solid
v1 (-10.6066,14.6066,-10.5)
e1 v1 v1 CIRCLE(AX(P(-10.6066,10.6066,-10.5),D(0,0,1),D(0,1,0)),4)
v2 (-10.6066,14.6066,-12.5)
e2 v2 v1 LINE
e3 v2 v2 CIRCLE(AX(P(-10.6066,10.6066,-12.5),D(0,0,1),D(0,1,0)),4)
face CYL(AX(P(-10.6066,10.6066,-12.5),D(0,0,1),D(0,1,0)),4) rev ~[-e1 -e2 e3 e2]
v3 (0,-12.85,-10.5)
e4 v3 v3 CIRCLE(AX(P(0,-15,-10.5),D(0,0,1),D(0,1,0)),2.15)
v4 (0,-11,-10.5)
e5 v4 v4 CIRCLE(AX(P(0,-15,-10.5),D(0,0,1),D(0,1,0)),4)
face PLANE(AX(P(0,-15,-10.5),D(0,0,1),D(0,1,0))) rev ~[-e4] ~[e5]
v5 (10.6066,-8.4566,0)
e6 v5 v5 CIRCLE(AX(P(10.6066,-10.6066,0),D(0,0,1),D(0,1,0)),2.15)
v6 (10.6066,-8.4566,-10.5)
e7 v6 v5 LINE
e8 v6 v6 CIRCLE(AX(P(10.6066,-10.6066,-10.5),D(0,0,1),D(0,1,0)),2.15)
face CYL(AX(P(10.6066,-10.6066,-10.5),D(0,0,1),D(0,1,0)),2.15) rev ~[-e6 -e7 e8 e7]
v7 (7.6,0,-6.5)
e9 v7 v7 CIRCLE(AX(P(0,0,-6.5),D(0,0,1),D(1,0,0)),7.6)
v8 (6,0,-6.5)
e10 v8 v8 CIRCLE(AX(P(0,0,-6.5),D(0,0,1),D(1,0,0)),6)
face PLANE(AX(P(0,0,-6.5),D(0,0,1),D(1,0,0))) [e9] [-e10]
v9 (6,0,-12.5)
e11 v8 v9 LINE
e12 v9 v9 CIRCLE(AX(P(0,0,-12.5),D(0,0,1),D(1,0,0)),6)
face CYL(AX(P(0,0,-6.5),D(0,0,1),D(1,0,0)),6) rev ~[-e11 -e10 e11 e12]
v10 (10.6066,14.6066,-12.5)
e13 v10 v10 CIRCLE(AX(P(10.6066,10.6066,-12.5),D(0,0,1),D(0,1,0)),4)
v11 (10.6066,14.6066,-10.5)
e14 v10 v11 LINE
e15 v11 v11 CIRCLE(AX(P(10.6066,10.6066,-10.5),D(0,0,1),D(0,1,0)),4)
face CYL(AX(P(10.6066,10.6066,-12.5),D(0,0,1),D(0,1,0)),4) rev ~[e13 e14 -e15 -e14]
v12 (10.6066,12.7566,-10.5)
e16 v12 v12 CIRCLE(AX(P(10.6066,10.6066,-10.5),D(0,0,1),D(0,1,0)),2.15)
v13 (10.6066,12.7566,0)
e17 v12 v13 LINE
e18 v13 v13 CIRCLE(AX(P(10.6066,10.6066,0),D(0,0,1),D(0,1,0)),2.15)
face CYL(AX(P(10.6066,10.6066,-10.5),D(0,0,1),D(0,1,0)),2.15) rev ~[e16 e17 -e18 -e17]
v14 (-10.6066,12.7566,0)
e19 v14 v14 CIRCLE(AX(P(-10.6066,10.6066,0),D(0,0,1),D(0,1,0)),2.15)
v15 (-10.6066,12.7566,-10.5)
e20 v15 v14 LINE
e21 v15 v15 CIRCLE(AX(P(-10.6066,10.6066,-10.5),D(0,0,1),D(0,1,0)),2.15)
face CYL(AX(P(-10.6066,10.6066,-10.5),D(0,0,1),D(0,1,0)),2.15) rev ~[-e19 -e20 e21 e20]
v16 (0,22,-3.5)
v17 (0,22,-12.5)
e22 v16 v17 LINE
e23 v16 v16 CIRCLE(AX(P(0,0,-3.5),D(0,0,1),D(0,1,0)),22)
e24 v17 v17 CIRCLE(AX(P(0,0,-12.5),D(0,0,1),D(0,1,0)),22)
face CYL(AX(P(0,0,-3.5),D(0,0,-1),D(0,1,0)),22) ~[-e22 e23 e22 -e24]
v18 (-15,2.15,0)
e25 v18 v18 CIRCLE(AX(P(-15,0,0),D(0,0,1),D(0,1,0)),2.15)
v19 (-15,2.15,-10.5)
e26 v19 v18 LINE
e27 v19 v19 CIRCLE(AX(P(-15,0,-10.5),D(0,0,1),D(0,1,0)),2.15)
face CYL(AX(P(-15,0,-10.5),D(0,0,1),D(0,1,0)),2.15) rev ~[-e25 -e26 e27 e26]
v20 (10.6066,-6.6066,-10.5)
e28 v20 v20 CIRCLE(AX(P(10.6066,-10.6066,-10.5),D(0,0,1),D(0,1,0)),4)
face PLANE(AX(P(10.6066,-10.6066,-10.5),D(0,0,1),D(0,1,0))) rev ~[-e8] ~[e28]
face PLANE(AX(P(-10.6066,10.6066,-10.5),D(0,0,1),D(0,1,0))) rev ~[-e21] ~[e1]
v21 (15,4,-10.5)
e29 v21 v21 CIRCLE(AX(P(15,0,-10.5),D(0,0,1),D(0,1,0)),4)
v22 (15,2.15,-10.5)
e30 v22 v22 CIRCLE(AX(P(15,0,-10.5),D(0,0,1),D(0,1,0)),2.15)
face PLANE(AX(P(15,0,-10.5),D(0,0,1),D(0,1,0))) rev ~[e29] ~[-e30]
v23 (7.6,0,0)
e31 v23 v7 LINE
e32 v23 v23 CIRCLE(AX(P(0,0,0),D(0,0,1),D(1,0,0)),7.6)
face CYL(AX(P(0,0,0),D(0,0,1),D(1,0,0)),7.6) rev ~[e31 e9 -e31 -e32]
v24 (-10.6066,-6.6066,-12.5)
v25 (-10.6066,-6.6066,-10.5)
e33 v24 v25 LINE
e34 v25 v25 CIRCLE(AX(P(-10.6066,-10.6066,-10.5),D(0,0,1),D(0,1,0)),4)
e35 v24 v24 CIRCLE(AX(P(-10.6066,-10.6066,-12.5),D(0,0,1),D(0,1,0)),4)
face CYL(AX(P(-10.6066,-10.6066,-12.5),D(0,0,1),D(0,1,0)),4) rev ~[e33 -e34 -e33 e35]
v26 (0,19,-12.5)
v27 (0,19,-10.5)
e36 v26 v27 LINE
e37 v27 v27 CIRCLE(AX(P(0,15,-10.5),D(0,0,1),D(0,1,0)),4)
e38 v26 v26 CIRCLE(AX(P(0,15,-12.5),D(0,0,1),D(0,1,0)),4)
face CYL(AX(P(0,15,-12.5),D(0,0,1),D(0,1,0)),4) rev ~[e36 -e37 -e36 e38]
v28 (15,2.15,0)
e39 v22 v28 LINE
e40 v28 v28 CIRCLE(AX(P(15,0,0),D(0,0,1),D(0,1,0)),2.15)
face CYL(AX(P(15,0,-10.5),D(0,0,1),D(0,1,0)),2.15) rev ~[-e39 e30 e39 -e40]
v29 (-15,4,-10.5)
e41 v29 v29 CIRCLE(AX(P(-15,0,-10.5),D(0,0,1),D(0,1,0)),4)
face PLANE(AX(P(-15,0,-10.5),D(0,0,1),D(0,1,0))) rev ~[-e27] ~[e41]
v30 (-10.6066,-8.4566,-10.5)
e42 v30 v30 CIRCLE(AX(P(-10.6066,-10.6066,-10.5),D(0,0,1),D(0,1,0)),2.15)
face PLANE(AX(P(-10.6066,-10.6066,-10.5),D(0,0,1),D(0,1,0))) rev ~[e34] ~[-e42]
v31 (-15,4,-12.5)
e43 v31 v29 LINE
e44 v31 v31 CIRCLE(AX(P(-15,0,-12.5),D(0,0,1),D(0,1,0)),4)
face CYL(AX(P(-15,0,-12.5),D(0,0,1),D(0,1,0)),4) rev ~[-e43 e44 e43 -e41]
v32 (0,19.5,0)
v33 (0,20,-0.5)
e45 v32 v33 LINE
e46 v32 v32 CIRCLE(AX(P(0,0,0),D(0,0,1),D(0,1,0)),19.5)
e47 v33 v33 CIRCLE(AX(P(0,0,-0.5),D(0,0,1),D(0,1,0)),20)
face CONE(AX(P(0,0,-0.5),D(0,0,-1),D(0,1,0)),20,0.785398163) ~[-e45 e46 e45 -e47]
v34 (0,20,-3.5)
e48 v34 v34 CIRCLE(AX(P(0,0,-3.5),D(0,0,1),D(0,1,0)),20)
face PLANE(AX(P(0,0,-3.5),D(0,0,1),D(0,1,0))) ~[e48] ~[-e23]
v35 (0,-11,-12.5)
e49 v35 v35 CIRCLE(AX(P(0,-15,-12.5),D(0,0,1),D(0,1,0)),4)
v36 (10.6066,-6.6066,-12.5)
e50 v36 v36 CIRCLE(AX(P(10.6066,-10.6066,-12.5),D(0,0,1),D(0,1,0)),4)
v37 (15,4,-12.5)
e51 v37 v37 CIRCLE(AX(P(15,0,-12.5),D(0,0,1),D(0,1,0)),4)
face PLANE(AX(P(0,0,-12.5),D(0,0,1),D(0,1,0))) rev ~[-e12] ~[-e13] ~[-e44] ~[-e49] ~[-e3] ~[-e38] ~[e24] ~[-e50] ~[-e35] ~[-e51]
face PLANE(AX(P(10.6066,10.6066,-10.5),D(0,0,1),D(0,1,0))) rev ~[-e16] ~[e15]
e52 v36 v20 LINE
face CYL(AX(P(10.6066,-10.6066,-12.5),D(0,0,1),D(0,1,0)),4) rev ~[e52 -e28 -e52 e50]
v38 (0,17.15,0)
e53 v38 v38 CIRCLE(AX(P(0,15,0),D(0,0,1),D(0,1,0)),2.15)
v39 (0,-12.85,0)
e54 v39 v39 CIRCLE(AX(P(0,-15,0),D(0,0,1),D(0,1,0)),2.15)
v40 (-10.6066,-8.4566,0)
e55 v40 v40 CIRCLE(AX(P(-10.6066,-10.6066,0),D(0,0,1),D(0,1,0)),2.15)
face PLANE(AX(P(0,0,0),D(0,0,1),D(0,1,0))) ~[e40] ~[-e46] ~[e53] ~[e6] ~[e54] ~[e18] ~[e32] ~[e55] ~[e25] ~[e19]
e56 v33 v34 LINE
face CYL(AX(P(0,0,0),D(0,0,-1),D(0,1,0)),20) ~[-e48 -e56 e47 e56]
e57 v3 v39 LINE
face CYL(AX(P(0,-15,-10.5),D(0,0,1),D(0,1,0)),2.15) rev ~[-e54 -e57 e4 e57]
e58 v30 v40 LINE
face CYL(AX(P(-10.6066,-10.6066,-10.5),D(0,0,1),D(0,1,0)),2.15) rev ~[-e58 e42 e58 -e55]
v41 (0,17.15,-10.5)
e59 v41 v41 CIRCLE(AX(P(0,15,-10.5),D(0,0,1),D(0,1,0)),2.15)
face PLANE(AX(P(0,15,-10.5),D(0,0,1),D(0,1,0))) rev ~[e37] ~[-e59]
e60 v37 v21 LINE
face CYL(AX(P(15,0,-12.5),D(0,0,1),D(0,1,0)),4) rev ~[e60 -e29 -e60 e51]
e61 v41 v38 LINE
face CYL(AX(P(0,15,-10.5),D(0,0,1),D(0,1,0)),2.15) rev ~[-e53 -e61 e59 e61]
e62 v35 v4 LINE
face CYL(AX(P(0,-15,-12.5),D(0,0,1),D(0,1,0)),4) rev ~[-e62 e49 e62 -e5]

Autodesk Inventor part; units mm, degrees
ref_plane "YZ Plane" through (0, 0, 0) normal (1, 0, 0) x (0, 1, 0)
ref_plane "XZ Plane" through (0, 0, 0) normal (0, 1, 0) x (-1, 0, 0)
ref_plane "XY Plane" through (0, 0, 0) normal (0, 0, 1) x (1, 0, 0)
sketch "スケッチ1" plane through (0, 0, 0) normal (1, 0, 0) x (0, 1, 0)
  line L0 (0, 0) -> (20, 0)
  line L1 (20, 0) -> (20, -3.5)
  line L2 (20, -3.5) -> (22, -3.5)
  line L3 (22, -3.5) -> (22, -12.5)
  line L4 (22, -12.5) -> (0, -12.5)
  line L5 (0, -12.5) -> (0, 0)
  line L6 (12, 0) -> (12, -12.5)
  dimension "d0" = 20
  dimension "d1" = 2
  dimension "d23" = 12
  dimension "d35" = 3.5
  dimension "d40" = 9
revolve "回転1" add sketch "スケッチ1" angle 360 about axis through (0, 0, -12.5) along (0, 0, 1)
chamfer "面取り1" distance 0.5 angle 45 1 edges at (0, -20, 0)
sketch "スケッチ4" plane through (0, 0, -12.5) normal (0, 0, -1) x (-1, 0, 0)
  circle A0 centre (0, 0) radius 15
  point P0 (0, 15)
  point P1 (-10.6066, 10.6066)
  point P2 (-15, 0)
  point P3 (-10.6066, -10.6066)
  point P4 (0, -15)
  point P5 (10.6066, -10.6066)
  point P6 (15, 0)
  point P7 (10.6066, 10.6066)
  dimension "d41" = 30
  dimension "d44" = 360
hole "穴2" at (-10.6066, 10.6066, -12.5) at (-15, 0, -12.5) at (-10.6066, -10.6066, -12.5) at (0, -15, -12.5) at (10.6066, -10.6066, -12.5) at (15, 0, -12.5) at (10.6066, 10.6066, -12.5) at (0, 15, -12.5) direction (0, 0, 1) diameter 4.3 end through all counterbore diameter 8 counterbore depth 2 clearance for "Socket Head Cap Screw" size "M4" standard "Ansi Metric M Profile"
sketch "スケッチ6" plane through (0, 0, 0) normal (0, 0, 1) x (1, 0, 0)
  circle A0 centre (0, 0) radius 7.6
  point P0 (0, 0)
  dimension "d46" = 15.2
extrude "押し出し3" cut sketch "スケッチ6" against normal blind 6.5
sketch "スケッチ7" plane through (0, 0, -6.5) normal (0, 0, 1) x (1, 0, 0)
  circle A0 centre (0, 0) radius 6
  point P0 (0, 0)
  dimension "d49" = 12
extrude "押し出し4" cut sketch "スケッチ7" against normal through all
properties part number "scara-base16" material "ABS プラスチック"
